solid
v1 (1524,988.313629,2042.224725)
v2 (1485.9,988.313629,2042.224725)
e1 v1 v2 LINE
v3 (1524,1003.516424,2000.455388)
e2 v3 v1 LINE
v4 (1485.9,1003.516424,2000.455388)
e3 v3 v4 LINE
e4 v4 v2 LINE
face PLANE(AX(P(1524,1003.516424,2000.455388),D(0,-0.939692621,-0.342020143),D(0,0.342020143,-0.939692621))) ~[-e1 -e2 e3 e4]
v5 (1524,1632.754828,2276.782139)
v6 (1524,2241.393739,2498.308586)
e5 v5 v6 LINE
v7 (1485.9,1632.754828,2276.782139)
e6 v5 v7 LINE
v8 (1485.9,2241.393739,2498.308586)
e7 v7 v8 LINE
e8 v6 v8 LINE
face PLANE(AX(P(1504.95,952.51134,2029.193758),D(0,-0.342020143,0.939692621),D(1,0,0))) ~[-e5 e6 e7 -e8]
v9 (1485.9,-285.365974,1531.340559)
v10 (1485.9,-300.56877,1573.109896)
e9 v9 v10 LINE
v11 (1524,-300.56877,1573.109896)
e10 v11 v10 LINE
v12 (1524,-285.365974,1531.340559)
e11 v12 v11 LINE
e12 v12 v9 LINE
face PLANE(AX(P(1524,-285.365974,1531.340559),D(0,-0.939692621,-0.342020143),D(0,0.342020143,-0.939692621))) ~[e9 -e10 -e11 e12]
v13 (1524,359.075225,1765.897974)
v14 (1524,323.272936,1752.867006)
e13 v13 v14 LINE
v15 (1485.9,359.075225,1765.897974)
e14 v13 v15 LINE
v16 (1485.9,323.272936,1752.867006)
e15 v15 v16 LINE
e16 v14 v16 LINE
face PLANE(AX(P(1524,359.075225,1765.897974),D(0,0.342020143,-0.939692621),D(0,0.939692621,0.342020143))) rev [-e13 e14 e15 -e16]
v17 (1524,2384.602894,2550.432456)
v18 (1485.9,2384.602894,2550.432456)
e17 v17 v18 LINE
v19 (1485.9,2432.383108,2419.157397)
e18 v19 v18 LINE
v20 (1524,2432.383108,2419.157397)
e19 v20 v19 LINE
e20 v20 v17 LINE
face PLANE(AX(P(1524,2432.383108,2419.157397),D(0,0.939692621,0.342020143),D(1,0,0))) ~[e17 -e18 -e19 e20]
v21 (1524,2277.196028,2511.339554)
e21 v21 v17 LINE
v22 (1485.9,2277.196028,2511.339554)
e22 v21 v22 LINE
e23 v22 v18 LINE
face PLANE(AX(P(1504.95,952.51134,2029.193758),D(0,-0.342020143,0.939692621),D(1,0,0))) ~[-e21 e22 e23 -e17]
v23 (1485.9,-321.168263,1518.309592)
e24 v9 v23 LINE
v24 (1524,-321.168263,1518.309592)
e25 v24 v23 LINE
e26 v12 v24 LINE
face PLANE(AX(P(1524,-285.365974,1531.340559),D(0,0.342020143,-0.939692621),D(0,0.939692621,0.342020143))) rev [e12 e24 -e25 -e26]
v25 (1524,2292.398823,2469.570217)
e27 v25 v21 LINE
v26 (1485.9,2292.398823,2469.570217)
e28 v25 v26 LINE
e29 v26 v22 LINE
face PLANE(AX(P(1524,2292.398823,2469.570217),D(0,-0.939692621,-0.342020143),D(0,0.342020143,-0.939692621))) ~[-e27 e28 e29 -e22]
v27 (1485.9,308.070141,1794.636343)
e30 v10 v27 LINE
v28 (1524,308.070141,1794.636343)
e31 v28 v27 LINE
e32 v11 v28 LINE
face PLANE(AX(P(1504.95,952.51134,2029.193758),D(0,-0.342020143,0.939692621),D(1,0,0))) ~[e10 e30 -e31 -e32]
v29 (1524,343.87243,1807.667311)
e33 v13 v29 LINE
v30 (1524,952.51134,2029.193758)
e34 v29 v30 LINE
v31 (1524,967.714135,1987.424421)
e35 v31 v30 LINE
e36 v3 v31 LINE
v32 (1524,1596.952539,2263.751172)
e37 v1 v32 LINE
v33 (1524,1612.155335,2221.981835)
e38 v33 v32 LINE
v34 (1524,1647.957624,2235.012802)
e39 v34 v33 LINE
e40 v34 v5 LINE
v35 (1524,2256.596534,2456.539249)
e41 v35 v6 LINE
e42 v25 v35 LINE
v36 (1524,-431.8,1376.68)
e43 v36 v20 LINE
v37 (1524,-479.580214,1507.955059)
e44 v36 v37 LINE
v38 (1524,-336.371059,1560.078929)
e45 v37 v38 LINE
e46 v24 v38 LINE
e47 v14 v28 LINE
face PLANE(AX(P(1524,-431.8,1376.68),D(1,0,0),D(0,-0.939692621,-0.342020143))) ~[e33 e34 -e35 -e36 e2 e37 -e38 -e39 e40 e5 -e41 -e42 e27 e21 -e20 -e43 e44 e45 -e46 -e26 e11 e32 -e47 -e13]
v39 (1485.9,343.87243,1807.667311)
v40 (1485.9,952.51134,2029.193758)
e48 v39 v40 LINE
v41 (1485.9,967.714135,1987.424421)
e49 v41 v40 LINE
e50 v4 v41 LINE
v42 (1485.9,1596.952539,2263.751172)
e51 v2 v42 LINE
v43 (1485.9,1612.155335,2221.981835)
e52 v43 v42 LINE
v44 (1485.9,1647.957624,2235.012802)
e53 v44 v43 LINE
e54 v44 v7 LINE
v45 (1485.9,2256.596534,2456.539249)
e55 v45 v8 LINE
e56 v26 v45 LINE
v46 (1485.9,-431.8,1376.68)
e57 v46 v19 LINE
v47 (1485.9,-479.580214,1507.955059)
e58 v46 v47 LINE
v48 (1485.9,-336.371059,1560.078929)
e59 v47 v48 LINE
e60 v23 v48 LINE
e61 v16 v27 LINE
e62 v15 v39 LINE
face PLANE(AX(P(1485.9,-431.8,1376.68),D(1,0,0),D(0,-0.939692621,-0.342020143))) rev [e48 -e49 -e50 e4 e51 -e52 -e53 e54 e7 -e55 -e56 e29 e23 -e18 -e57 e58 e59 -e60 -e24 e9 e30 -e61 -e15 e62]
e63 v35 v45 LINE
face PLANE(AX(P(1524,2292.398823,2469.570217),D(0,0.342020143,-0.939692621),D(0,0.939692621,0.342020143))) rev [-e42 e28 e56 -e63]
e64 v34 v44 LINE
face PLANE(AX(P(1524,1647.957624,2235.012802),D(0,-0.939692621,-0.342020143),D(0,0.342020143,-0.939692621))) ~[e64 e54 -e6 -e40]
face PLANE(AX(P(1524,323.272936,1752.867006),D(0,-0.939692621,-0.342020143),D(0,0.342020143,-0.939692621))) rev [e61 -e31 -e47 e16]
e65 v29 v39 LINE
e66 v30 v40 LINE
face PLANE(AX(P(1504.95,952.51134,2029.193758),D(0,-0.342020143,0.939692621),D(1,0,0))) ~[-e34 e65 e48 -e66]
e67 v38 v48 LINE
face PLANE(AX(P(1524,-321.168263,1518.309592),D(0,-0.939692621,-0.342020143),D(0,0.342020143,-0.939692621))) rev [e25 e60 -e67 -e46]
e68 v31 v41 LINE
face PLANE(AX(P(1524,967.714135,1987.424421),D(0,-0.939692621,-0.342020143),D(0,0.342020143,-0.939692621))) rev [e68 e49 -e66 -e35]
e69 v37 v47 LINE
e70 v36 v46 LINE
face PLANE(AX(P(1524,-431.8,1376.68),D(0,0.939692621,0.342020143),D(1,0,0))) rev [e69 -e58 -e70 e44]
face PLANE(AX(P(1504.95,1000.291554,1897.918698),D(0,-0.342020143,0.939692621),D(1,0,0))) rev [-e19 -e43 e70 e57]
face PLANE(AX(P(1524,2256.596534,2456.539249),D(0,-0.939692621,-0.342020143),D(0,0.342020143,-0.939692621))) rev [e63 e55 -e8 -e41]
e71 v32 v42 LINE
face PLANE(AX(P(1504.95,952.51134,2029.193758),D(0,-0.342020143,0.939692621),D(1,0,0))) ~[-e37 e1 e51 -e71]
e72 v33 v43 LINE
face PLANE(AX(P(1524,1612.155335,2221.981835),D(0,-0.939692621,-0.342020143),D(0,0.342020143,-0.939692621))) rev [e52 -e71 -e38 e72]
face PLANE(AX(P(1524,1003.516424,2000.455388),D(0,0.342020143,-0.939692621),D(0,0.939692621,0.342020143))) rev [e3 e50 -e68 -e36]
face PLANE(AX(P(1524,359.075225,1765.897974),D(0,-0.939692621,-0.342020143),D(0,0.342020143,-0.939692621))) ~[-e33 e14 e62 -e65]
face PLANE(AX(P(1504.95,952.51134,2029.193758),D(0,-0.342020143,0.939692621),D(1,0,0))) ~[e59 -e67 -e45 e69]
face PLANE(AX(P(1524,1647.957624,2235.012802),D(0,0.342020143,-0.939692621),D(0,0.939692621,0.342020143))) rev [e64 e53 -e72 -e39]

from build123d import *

# Parameters (mm, degrees)
BOX012_W               = 38.1
BOX012_H               = 3048
BOX012_DEPTH           = 139.7
BOX012_ROLL_ANGLE      = 20
SKETCH031_W            = 38.1
SKETCH031_H            = 44.45
POCKET022_DEPTH        = 38.1010000019
LINEARPATTERN003_COUNT = 5
LINEARPATTERN003_PITCH = 685.8


with BuildPart() as linearpattern003:
    # Box012 → Box012 (new body)
    with BuildSketch(Plane.XY):
        with Locations((19.05, 1524)):
            Rectangle(BOX012_W, BOX012_H)
    extrude(amount=BOX012_DEPTH)


with BuildPart() as linearpattern003_1:
    # Box012 roll: moved
    add(linearpattern003.part.rotate(Axis((0, 0, 0), (1, 0, 0)), BOX012_ROLL_ANGLE))


with BuildPart() as linearpattern003_2:
    # Box012 placement: moved
    add(linearpattern003_1.part.moved(Location((0, -431.8, 1376.68))))

    # Sketch031 → Pocket022 (cut, through all)
    with BuildSketch(Plane(origin=(0, -431.8, 1376.68), x_dir=(0, -0.9396926208, -0.3420201433), z_dir=(-1, 0, 0))):
        with Locations((-171.45, 117.475)):
            Rectangle(SKETCH031_W, SKETCH031_H)
    pocket022 = extrude(amount=-POCKET022_DEPTH, mode=Mode.SUBTRACT)

    # LinearPattern003: Pocket022 ×5
    with Locations(*[Vector(0, 0.9396926208, 0.3420201433) * (i * LINEARPATTERN003_PITCH) for i in range(1, LINEARPATTERN003_COUNT)]):
        add(pocket022, mode=Mode.SUBTRACT)


with BuildPart() as part_mirroring009:
    # Part__Mirroring009: instance of LinearPattern003
    add(linearpattern003_2.part.mirror(Plane(origin=(762, 0, 0), x_dir=(0, -1, 0), z_dir=(1, 0, 0))))


solid = part_mirroring009.part
